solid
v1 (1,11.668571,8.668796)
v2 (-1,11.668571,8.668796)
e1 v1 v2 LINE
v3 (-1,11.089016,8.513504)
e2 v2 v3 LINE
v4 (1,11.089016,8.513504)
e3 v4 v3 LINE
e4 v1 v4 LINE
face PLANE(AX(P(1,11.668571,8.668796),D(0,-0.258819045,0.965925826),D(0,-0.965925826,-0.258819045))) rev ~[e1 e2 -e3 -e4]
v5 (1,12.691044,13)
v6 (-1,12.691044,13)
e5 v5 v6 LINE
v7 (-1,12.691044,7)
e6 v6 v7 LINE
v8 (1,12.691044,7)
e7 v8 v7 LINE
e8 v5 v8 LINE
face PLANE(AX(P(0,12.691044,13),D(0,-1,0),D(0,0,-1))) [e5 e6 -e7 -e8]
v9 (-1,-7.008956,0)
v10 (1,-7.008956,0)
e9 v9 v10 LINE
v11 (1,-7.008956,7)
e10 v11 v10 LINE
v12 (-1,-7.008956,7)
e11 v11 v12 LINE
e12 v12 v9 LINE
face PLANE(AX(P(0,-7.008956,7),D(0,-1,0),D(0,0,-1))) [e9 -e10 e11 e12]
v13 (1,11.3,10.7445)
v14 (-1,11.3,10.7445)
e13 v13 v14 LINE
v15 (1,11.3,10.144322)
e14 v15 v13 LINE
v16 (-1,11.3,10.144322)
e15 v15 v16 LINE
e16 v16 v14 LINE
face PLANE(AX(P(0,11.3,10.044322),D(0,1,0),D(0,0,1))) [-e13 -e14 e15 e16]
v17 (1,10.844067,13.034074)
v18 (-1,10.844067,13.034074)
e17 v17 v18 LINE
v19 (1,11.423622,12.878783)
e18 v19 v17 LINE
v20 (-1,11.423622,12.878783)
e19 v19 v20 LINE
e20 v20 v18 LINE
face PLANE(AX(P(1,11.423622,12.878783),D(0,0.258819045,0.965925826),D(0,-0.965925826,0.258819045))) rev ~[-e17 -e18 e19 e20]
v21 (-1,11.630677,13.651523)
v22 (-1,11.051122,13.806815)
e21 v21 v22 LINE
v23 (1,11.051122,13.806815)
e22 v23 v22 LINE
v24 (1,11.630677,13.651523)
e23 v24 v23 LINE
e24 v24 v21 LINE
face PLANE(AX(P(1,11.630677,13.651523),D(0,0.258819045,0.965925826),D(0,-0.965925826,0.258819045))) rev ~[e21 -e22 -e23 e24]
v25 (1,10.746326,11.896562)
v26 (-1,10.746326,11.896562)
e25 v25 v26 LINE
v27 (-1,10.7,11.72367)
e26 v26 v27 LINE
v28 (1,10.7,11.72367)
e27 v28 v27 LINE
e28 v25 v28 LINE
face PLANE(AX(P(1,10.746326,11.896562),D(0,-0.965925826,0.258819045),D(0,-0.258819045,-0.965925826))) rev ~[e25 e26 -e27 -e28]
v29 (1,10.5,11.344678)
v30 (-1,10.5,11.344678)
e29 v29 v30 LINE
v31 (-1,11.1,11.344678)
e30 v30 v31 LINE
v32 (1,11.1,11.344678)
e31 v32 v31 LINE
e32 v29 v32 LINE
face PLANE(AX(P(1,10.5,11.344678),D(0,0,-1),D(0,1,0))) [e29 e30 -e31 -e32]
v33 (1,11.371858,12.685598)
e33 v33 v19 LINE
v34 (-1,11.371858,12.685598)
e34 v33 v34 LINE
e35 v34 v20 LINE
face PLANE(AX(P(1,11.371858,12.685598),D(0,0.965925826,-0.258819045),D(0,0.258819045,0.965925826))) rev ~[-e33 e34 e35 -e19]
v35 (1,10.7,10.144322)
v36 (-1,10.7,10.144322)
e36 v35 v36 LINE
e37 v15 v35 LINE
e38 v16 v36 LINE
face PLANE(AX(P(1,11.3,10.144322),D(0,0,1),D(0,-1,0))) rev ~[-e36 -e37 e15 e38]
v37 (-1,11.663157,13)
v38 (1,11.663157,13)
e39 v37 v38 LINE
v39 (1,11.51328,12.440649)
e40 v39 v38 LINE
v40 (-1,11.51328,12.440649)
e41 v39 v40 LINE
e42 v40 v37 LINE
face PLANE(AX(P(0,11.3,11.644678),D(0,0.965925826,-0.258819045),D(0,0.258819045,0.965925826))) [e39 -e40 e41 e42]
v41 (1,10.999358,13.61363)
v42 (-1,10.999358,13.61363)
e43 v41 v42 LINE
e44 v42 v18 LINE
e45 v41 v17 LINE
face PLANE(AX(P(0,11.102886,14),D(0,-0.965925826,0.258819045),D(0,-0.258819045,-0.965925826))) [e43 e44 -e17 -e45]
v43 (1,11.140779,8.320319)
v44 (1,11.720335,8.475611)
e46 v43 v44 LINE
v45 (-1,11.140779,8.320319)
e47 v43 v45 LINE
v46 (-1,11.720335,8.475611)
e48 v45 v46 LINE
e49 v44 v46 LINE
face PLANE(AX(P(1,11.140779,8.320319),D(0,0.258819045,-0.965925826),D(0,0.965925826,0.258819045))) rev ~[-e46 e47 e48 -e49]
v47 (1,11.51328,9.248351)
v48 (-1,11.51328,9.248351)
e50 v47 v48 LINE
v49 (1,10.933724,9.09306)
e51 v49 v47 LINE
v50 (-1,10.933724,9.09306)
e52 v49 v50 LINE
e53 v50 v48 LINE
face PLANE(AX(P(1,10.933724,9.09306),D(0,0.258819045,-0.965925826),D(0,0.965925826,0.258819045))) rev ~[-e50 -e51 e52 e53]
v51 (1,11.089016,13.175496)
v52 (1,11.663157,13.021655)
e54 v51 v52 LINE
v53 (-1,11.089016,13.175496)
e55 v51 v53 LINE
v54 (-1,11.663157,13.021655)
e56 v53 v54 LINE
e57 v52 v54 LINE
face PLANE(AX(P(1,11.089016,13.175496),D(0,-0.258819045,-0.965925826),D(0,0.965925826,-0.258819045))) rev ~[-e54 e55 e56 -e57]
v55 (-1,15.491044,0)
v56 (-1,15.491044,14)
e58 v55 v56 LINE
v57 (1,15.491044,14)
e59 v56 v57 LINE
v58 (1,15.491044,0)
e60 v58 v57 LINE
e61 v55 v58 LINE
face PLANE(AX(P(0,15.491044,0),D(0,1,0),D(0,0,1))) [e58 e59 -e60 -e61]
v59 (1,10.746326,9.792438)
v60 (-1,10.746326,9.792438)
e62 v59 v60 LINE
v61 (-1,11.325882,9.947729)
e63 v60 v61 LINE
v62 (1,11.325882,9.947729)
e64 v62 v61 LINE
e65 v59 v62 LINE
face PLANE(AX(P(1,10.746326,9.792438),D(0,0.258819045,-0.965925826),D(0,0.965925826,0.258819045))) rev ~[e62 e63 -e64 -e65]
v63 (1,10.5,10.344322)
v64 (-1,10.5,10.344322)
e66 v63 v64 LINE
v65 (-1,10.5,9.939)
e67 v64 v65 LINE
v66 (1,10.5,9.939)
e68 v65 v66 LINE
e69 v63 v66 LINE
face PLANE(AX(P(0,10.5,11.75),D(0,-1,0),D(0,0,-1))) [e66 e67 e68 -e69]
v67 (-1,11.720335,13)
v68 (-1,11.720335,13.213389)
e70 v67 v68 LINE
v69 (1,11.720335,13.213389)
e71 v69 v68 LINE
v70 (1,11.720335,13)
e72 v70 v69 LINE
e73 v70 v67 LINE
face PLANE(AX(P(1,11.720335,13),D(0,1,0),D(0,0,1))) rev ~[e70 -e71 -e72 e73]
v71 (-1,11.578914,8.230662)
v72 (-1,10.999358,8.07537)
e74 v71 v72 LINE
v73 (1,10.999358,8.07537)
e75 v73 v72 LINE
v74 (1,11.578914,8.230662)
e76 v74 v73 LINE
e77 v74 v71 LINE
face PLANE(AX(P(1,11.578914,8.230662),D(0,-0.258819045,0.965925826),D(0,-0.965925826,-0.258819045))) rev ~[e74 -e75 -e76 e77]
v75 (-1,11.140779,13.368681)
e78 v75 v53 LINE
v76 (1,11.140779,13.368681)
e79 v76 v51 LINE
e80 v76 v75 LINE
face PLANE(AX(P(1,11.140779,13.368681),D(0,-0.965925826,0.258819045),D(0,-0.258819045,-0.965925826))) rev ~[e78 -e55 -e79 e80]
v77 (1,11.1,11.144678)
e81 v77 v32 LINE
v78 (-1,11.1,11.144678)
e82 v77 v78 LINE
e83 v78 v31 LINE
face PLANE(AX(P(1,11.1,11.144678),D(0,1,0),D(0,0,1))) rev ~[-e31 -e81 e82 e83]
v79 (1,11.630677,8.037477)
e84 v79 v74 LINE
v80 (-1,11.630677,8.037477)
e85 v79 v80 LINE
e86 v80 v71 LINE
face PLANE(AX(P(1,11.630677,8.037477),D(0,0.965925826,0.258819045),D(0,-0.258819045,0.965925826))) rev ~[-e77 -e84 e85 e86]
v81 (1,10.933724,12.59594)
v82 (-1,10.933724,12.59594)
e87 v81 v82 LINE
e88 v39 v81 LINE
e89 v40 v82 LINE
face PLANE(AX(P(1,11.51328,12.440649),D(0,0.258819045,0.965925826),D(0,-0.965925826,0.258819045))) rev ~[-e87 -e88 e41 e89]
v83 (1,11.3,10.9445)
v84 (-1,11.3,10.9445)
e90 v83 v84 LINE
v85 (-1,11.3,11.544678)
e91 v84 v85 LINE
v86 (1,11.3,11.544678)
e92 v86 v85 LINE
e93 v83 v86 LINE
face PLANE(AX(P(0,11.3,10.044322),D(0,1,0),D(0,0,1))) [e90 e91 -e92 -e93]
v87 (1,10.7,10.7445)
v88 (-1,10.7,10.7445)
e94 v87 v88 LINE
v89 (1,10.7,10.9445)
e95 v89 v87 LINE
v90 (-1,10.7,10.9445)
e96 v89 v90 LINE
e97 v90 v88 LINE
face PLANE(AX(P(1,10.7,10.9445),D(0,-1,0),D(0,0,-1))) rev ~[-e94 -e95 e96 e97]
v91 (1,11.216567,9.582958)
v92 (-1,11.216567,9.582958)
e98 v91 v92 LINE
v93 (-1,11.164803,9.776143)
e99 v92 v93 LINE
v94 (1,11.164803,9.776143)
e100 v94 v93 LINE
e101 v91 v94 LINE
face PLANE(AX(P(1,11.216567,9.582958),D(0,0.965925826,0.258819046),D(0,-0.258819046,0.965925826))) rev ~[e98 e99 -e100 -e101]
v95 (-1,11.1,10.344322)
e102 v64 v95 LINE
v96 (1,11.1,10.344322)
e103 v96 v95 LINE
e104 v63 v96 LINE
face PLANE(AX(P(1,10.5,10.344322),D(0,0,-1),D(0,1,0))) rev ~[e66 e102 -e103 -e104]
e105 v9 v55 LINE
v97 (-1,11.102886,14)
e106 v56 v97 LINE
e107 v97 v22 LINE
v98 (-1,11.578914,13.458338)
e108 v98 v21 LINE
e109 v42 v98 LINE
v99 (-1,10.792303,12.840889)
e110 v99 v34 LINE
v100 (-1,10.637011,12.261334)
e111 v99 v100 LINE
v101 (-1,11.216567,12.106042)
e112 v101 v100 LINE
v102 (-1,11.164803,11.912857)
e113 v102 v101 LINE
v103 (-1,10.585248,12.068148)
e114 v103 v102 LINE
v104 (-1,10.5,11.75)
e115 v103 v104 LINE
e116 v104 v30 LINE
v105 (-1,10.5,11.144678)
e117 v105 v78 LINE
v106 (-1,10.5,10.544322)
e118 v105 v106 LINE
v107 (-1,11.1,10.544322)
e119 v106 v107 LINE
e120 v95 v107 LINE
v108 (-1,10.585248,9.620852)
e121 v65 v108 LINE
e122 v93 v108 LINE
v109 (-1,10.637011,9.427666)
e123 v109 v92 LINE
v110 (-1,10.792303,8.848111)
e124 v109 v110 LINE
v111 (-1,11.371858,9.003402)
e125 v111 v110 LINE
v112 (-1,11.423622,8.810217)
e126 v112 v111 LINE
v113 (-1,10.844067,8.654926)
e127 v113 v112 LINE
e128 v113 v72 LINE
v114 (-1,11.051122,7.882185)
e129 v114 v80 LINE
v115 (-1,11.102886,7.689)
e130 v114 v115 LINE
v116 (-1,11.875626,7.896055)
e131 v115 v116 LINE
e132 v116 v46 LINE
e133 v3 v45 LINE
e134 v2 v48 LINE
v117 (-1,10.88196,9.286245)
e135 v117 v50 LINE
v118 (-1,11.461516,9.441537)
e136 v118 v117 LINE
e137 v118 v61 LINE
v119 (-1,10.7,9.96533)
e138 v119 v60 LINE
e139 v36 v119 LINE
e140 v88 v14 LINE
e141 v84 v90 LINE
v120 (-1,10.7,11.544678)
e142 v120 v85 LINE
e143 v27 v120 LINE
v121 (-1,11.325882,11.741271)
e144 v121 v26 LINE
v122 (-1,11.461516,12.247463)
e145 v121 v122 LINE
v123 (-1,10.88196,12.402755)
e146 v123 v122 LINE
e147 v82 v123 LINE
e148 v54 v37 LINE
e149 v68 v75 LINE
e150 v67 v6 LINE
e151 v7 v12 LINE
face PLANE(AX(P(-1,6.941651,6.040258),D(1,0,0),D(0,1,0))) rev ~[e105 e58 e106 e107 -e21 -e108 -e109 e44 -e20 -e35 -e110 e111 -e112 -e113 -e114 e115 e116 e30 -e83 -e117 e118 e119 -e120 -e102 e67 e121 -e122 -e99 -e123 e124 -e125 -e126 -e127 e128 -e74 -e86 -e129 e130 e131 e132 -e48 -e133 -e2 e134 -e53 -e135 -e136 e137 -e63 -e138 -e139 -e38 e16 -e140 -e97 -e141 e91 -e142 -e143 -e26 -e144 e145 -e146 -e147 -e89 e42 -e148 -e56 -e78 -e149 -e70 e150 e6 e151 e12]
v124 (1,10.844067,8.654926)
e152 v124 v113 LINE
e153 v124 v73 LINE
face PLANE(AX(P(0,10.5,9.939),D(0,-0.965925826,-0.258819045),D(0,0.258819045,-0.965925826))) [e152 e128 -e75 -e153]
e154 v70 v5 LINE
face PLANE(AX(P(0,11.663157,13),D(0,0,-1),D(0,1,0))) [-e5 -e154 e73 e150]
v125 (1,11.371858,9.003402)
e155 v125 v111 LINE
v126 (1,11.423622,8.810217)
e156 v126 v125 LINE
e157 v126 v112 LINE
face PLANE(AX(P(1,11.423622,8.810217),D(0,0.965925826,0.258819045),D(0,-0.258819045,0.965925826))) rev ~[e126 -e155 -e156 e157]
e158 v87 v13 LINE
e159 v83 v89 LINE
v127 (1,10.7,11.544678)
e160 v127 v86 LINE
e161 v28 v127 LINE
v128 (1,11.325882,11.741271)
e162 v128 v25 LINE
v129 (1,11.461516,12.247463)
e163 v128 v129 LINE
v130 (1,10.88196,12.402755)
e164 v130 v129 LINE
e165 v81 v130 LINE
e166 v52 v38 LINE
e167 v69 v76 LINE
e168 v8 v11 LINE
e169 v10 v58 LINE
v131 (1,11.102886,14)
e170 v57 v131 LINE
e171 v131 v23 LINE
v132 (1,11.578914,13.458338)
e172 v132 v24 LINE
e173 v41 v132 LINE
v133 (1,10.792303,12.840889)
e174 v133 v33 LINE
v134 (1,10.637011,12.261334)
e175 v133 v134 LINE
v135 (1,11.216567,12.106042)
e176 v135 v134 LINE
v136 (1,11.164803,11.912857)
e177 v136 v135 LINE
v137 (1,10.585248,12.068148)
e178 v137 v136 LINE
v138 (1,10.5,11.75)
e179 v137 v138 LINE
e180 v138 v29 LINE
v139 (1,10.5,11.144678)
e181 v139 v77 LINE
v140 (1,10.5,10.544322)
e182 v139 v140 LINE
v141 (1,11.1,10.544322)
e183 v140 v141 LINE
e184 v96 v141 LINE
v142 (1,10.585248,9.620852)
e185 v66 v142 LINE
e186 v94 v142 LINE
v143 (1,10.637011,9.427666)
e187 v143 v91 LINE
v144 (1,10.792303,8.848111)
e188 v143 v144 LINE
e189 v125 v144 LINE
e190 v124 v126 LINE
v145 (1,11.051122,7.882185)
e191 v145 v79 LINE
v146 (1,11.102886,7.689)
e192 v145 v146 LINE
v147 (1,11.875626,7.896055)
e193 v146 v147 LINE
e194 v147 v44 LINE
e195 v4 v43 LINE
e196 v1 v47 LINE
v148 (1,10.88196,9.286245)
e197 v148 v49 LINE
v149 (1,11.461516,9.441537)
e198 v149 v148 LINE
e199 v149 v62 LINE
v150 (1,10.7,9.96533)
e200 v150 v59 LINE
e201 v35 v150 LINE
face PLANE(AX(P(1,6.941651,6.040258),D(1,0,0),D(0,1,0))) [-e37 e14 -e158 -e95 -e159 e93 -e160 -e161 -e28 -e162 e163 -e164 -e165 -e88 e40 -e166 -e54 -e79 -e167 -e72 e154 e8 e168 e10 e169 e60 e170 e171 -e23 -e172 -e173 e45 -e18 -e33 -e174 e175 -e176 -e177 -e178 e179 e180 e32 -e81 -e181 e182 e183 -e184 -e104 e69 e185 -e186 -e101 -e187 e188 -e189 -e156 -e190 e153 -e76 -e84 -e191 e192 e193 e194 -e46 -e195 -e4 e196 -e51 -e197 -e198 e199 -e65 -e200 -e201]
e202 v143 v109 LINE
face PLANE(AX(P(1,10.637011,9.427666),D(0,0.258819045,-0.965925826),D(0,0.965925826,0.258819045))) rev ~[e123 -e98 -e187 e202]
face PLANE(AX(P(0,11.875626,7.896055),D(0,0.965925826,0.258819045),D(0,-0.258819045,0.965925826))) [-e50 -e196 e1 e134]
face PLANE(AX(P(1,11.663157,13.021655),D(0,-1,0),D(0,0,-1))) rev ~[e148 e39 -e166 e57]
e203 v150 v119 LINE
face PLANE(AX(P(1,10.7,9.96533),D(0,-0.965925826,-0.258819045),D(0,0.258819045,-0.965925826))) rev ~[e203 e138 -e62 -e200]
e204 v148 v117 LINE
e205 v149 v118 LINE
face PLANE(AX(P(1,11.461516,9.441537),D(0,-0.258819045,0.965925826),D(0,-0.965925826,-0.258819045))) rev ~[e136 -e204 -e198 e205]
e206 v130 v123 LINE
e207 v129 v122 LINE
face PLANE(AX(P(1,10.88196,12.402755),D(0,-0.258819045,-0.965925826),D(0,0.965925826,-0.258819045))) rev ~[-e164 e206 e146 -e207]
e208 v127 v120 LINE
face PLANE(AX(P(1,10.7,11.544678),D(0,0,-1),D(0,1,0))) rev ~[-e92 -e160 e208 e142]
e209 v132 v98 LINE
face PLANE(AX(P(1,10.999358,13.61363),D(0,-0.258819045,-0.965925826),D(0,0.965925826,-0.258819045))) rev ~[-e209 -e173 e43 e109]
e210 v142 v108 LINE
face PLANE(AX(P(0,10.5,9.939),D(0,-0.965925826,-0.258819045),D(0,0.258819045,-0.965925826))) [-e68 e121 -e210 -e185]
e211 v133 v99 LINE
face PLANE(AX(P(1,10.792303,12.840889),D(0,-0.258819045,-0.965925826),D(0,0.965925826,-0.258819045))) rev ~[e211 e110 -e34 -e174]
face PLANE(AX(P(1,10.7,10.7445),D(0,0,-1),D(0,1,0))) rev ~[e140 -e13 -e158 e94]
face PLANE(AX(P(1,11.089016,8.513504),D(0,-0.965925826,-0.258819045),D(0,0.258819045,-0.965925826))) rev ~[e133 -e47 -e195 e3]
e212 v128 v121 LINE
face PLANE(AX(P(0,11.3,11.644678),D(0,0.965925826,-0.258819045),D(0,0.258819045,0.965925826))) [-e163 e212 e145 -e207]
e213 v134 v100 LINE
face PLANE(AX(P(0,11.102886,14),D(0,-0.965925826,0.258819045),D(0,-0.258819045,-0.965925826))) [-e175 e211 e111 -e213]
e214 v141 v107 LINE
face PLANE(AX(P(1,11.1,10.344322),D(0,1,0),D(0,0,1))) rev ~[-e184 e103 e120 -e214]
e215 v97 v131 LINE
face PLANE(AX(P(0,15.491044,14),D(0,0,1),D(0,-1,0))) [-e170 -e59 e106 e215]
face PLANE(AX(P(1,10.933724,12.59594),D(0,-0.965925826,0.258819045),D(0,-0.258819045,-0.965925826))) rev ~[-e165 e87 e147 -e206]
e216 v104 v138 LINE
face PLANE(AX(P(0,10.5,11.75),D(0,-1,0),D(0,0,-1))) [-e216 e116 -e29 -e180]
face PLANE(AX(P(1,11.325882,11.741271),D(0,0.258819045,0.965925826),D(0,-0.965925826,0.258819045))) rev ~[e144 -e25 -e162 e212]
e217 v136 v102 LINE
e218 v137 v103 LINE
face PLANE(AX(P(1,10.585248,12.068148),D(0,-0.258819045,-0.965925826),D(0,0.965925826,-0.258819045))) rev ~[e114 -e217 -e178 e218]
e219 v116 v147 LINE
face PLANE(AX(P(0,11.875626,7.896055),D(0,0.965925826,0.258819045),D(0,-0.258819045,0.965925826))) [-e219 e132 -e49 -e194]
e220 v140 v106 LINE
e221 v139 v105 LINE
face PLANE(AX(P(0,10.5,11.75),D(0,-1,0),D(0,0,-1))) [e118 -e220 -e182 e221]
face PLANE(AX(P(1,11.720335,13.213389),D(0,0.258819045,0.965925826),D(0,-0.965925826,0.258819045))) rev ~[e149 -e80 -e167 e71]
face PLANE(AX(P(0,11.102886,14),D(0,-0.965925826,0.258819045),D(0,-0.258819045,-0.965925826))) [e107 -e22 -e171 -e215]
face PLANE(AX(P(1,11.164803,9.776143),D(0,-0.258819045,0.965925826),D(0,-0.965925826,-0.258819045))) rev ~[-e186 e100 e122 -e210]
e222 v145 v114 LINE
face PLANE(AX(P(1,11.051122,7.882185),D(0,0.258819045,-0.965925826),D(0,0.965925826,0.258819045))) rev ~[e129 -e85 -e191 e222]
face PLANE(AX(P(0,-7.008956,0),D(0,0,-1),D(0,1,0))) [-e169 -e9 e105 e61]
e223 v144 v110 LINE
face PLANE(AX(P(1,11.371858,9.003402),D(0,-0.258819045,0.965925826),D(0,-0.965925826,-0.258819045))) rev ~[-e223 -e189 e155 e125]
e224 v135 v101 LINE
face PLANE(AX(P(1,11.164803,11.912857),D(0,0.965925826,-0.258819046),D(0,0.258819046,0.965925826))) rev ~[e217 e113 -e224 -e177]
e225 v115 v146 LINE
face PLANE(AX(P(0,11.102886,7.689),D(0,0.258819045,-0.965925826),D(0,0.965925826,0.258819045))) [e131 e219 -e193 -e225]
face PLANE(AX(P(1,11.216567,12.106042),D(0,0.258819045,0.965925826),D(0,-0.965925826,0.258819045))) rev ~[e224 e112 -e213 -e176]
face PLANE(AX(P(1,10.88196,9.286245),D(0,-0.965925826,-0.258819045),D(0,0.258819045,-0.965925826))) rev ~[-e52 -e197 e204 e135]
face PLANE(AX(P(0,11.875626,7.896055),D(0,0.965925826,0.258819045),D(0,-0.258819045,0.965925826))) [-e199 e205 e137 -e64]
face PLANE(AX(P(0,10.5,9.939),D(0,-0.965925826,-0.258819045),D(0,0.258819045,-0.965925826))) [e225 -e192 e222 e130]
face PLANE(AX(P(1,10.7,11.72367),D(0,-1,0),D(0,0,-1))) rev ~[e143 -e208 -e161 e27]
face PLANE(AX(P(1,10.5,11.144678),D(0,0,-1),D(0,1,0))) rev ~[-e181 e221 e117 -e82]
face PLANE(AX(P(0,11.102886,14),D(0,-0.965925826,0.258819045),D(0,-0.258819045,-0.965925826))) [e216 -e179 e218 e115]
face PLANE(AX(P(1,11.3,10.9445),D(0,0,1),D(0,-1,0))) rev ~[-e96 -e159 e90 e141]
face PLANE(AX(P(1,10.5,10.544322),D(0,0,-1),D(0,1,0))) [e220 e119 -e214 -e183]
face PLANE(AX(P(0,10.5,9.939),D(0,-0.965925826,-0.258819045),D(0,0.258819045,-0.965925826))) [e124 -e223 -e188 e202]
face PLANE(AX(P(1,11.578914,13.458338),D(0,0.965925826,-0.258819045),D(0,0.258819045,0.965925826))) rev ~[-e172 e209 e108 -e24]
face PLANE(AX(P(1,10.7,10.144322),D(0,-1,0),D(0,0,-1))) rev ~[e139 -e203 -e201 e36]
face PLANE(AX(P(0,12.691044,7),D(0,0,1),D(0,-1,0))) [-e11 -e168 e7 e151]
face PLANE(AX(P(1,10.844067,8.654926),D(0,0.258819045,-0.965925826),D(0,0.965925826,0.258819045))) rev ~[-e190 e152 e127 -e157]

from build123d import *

# Parameters (mm, degrees)
F2_DEPTH = 1
F4_W     = 0.6
F4_H     = 0.2
F5_DEPTH = 2


with BuildPart() as f2:
    # F1 (on Right) → F2 (new body, symmetric)
    with BuildSketch(Plane.YZ):
        Polygon((-7.008955565, 7), (-7.008955565, 0), (15.491044435, 0), (15.491044435, 14), (11.102885683, 14), (10.5, 11.75), (10.5, 9.939), (11.102885683, 7.689), (11.875626344, 7.8960552361), (11.3, 10.0443219981), (11.3, 11.6446780019), (11.6631574349, 13), (12.691044435, 13), (12.691044435, 7), align=None)
    extrude(amount=F2_DEPTH, both=True)

    # F4 (on face) → F5 (cut, through all)
    with BuildSketch(Plane.YZ.offset(1)):
        Polygon((11.5789135607, 8.2306617576), (10.9993580649, 8.0753703305), (11.0511218739, 7.8821851653), (11.6306773697, 8.0374765923), align=None)
        Polygon((11.1407794212, 8.3203193048), (11.7203349169, 8.4756107319), (11.6685711079, 8.6687958971), (11.0890156121, 8.5135044701), align=None)
        Polygon((10.8440666379, 8.6549258263), (11.4236221336, 8.8102172534), (11.3718583246, 9.0034024186), (10.7923028288, 8.8481109915), align=None)
        Polygon((10.8819603761, 9.2862451311), (10.9337241851, 9.0930599658), (11.5132796809, 9.2483513929), (11.4615158718, 9.4415365581), align=None)
        Polygon((10.6370114018, 9.4276664873), (11.2165668976, 9.5829579144), (11.1648030885, 9.7761430796), (10.5852475928, 9.6208516526), align=None)
        Polygon((11.3, 10.0443219981), (11.3, 10.1443219981), (10.7, 10.1443219981), (10.7, 9.9653304995), (10.7463264087, 9.7924379884), (11.3258819045, 9.9477294154), align=None)
        with Locations((10.8, 10.4443219981)):
            Rectangle(F4_W, F4_H)
        Polygon((10.7, 10.7445), (11.3, 10.7445), (11.3, 10.8445), (11.3, 10.9445), (10.7, 10.9445), (10.7, 10.8445), align=None)
        Polygon((11.6306773697, 13.6515234077), (11.0511218739, 13.8068148347), (10.9993580649, 13.6136296695), (11.5789135607, 13.4583382424), align=None)
        Polygon((10.5852475928, 12.0681483474), (11.1648030885, 11.9128569204), (11.2165668976, 12.1060420856), (10.6370114018, 12.2613335127), align=None)
        with Locations((10.8, 11.2446780019)):
            Rectangle(F4_W, F4_H)
        Polygon((11.5132796809, 12.4406486071), (10.9337241851, 12.5959400342), (10.8819603761, 12.4027548689), (11.4615158718, 12.2474634419), align=None)
        Polygon((10.7923028288, 12.8408890085), (11.3718583246, 12.6855975814), (11.4236221336, 12.8787827466), (10.8440666379, 13.0340741737), align=None)
        Polygon((11.7203349169, 13.2133892681), (11.1407794212, 13.3686806952), (11.0890156121, 13.1754955299), (11.6631574349, 13.0216546922), (11.6631574349, 13), (11.7203349169, 13), align=None)
        Polygon((10.7, 11.5446780019), (11.3, 11.5446780019), (11.3, 11.6446780019), (11.3258819045, 11.7412705846), (10.7463264087, 11.8965620116), (10.7, 11.7236695005), align=None)
    extrude(amount=-F5_DEPTH, mode=Mode.SUBTRACT)


solid = f2.part
